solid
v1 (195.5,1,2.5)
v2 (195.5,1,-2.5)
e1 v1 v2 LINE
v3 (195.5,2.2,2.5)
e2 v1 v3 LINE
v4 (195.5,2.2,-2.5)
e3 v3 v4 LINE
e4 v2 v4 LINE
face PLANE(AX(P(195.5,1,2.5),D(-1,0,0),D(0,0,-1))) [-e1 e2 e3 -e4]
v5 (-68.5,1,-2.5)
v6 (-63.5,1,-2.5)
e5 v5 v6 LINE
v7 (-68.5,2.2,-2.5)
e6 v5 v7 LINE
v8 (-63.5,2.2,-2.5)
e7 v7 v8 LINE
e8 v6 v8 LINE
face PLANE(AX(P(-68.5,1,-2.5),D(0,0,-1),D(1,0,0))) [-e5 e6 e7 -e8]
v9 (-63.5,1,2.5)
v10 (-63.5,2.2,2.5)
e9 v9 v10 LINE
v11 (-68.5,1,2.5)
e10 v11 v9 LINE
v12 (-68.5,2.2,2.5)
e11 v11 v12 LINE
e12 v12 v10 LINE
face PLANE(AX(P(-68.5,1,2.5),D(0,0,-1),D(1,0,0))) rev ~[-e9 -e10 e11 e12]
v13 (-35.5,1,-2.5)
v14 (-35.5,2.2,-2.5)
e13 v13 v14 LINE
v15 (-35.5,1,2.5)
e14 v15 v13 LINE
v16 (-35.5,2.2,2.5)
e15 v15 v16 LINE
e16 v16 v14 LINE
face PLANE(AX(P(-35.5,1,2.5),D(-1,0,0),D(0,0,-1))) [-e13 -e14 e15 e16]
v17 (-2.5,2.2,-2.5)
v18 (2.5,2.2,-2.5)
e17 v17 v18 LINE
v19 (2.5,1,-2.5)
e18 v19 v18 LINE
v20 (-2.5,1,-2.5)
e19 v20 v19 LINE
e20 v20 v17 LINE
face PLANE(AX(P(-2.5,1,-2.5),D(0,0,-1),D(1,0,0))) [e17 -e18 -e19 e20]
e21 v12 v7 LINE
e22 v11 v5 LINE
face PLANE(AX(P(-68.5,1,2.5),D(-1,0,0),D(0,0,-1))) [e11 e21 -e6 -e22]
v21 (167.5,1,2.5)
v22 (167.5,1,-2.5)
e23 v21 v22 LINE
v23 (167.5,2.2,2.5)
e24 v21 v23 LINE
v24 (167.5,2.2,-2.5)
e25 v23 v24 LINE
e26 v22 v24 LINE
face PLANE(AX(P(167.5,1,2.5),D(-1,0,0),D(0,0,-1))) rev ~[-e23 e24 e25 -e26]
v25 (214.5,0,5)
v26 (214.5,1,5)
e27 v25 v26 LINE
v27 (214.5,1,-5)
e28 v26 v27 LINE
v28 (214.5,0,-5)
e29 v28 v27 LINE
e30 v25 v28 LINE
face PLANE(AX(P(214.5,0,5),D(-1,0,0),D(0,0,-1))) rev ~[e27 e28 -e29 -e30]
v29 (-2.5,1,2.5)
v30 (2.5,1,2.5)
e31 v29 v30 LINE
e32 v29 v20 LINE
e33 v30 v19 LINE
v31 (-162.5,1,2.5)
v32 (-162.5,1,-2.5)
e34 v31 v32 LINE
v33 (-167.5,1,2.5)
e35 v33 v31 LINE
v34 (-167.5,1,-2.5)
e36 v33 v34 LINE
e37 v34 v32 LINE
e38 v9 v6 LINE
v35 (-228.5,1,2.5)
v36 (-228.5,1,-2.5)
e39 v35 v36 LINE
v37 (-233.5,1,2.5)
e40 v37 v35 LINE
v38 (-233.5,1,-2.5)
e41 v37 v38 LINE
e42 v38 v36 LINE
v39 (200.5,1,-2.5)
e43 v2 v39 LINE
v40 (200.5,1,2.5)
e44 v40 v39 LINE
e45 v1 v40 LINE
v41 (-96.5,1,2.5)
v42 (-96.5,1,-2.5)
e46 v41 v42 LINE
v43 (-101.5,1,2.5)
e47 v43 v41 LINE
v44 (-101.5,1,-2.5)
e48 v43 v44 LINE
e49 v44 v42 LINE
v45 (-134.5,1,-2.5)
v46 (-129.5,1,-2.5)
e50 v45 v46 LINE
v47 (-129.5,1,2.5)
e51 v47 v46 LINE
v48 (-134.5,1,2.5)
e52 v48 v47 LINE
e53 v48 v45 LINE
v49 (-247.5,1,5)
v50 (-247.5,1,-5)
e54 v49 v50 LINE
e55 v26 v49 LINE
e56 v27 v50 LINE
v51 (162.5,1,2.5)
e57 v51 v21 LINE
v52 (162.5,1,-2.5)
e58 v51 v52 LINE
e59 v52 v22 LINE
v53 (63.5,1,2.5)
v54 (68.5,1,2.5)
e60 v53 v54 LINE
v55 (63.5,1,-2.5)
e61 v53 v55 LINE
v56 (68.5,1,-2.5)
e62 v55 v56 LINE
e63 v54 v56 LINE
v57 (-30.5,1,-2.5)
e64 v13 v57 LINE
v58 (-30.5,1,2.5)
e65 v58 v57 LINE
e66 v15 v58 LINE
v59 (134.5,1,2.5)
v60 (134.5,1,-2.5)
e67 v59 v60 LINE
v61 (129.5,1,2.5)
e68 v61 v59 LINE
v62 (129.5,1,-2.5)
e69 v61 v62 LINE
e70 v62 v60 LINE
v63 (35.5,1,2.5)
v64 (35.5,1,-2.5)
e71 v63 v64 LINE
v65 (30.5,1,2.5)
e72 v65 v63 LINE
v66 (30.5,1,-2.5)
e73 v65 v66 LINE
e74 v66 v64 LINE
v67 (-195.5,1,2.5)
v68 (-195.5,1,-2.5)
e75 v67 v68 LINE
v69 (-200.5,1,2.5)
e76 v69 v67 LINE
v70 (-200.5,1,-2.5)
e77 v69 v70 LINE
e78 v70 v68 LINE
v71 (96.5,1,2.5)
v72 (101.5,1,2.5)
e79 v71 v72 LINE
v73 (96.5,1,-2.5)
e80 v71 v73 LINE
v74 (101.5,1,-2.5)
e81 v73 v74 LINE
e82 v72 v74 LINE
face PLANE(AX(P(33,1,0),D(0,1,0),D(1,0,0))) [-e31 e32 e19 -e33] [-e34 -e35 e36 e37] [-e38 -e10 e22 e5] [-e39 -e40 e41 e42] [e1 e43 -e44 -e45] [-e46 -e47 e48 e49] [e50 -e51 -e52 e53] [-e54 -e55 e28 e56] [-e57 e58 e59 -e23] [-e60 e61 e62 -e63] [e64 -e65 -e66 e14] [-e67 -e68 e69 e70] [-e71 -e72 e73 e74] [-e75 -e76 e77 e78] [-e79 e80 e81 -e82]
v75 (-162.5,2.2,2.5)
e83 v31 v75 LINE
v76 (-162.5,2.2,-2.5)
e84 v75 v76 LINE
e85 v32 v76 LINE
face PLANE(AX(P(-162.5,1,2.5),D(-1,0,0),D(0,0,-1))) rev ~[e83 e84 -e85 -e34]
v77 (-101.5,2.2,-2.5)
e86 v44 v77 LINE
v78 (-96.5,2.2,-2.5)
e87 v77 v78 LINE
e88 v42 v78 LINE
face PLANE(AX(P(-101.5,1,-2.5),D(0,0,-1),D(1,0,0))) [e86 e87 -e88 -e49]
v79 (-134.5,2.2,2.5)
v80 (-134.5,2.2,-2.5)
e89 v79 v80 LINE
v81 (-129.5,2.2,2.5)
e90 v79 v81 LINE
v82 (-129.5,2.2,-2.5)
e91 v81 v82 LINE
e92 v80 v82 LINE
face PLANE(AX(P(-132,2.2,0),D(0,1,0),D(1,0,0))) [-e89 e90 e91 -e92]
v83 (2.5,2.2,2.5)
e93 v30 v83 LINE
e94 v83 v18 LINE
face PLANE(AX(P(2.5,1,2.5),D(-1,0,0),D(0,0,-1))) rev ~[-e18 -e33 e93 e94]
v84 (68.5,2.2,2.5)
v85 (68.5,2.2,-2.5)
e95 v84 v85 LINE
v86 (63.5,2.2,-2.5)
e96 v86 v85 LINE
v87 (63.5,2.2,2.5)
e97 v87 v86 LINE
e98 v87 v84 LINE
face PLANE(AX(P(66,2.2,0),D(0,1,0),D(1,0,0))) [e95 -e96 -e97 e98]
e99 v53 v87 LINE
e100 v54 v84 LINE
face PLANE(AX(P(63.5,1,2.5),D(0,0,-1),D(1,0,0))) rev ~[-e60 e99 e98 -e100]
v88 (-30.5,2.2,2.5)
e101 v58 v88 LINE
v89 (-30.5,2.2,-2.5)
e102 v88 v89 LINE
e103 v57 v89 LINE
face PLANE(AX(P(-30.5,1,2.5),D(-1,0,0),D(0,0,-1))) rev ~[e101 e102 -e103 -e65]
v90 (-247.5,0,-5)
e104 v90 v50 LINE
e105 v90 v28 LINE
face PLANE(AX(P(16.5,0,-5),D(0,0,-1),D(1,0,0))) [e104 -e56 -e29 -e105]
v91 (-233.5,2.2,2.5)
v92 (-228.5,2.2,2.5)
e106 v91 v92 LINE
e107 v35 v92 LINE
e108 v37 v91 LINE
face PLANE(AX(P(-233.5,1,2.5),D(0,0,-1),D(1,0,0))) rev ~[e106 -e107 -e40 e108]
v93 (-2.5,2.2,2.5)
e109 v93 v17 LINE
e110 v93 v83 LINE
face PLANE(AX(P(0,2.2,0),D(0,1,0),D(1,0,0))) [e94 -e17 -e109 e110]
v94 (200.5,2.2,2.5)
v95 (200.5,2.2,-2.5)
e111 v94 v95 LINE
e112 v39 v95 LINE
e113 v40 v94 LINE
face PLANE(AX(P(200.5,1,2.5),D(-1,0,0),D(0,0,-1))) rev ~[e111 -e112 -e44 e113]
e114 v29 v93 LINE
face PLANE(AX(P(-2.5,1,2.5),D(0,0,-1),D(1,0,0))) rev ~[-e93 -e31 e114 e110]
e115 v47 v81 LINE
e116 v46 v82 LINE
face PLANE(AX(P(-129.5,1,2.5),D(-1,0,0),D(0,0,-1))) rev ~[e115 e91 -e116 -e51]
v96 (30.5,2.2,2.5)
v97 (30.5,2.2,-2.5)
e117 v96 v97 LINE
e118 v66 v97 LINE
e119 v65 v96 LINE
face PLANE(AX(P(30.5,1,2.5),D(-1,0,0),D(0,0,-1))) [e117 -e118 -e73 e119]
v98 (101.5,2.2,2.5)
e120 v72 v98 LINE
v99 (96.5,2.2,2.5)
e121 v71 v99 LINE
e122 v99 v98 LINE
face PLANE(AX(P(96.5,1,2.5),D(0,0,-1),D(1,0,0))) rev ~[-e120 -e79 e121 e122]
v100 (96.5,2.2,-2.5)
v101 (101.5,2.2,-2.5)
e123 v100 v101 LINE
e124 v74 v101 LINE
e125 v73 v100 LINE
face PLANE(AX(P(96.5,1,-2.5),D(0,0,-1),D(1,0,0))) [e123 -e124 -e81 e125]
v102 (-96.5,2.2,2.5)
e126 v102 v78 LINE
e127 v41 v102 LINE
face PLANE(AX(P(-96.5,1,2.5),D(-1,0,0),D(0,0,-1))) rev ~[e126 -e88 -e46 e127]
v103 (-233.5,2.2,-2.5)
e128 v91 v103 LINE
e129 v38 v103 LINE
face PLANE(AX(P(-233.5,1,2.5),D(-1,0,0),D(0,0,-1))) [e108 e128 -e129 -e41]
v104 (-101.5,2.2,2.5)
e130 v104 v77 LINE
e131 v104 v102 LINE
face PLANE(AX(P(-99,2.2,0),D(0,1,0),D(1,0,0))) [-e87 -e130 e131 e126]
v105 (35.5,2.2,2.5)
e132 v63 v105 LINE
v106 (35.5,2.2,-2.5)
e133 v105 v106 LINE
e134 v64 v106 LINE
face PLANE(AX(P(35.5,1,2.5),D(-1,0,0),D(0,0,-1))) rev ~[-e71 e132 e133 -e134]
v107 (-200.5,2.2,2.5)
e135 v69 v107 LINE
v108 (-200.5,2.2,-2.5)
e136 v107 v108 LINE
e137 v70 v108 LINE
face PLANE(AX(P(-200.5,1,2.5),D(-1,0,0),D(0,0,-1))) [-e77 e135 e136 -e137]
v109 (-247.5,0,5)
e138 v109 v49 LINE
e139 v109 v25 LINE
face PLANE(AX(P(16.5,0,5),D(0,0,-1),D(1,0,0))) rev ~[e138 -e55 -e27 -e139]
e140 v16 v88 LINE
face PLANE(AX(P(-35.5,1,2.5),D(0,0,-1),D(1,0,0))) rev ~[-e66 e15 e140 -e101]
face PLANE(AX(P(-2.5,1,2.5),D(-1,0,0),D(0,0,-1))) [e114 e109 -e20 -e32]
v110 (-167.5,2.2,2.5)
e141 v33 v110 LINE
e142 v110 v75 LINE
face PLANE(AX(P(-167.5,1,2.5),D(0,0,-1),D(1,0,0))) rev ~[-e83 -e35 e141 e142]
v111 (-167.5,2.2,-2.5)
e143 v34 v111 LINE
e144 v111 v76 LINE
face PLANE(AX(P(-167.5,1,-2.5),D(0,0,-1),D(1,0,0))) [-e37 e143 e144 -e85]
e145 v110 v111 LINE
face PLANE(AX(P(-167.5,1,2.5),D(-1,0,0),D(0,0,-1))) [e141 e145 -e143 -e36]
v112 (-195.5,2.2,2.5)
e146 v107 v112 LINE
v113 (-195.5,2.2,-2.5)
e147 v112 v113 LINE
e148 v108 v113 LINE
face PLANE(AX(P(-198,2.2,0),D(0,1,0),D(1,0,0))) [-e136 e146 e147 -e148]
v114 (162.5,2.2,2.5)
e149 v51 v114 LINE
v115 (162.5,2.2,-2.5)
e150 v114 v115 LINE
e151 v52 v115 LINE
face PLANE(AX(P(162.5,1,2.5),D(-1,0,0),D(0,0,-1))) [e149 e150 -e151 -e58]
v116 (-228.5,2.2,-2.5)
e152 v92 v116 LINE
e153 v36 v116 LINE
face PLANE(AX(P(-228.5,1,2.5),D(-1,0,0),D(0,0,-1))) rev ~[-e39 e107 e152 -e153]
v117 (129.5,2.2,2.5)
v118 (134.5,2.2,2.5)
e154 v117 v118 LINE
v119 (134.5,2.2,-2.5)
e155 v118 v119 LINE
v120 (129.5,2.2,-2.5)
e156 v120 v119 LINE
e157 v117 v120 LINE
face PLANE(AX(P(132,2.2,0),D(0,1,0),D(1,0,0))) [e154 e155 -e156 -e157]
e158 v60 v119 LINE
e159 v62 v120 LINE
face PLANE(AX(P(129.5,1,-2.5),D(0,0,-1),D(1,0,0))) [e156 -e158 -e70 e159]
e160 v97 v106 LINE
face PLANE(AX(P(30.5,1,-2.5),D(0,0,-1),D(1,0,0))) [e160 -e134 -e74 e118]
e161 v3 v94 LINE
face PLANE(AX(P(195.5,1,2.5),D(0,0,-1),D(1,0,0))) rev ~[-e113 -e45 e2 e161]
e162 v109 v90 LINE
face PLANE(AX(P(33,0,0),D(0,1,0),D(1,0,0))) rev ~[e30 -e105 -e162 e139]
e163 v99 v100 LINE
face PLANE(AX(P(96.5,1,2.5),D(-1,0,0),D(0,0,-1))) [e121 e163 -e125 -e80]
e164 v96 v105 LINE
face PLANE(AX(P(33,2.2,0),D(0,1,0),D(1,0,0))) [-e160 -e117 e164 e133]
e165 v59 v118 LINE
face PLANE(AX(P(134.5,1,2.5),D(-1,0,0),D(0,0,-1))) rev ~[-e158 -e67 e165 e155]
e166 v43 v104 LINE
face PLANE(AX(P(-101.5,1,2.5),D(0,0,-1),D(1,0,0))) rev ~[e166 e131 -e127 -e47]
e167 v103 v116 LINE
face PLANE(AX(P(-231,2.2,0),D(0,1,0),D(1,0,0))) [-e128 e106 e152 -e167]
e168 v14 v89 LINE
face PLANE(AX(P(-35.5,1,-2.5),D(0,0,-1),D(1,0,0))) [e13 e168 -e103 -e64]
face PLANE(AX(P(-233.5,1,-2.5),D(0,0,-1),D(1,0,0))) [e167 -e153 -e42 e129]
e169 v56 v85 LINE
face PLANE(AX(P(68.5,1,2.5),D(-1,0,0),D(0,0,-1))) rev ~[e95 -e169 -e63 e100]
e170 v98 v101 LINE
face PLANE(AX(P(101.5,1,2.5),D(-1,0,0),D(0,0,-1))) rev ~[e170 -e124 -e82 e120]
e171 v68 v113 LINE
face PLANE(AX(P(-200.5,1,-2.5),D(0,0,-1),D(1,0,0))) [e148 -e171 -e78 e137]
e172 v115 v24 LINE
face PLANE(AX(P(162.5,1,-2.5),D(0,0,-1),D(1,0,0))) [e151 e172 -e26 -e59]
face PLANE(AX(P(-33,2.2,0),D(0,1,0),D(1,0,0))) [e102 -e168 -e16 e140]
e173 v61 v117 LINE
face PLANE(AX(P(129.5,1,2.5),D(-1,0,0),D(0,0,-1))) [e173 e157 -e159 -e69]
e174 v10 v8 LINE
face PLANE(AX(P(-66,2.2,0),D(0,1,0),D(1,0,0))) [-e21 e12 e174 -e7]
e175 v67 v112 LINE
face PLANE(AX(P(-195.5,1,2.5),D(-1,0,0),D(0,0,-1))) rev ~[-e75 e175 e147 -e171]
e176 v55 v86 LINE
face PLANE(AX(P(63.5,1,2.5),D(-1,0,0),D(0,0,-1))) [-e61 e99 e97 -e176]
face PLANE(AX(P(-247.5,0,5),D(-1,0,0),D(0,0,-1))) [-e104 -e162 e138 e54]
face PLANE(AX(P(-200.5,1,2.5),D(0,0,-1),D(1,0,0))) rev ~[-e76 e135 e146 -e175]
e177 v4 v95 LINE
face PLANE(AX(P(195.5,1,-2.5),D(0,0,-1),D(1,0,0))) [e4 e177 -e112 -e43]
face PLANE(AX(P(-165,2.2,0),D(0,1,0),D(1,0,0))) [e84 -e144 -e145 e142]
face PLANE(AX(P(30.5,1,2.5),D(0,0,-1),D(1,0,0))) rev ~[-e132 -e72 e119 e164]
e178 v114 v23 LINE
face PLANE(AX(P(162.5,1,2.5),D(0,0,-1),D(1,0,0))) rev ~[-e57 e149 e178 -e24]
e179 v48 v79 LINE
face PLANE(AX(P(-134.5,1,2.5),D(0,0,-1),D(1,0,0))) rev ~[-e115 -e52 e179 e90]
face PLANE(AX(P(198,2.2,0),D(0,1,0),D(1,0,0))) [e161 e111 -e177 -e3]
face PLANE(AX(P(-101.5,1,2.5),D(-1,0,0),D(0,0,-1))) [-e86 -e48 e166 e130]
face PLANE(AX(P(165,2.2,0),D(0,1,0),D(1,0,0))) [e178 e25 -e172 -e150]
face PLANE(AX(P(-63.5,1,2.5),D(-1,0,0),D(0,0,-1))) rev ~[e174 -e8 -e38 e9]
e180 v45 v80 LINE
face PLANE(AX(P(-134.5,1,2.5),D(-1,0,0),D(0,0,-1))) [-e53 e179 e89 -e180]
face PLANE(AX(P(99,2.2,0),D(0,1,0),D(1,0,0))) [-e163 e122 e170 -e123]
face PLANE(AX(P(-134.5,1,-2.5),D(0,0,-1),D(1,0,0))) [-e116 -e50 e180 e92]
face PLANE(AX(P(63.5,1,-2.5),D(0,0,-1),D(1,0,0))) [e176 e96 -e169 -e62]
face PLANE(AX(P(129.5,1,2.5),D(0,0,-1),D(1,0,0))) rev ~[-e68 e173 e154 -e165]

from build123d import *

# Parameters (mm, degrees)
SKETCH1_W           = 33
SKETCH1_H           = 10
BOSS_EXTRUDE1_DEPTH = 1
SKETCH3_W           = 5
SKETCH3_H           = 5
BOSS_EXTRUDE2_DEPTH = 1.2
LPATTERN1_COUNT     = 8
LPATTERN1_PITCH     = 33
LPATTERN1_COL_COUNT = 7
LPATTERN1_COL_PITCH = 33


with BuildPart() as part:
    # Sketch1 → Boss-Extrude1 (new body)
    with BuildSketch(Plane(origin=(0, 0, 0), x_dir=(1, 0, 0), z_dir=(0, 1, 0))):
        Rectangle(SKETCH1_W, SKETCH1_H)
    boss_extrude1 = extrude(amount=BOSS_EXTRUDE1_DEPTH)

    # Sketch3 → Boss-Extrude2 (add)
    with BuildSketch(Plane(origin=(0, 1, 0), x_dir=(1, 0, 0), z_dir=(0, 1, 0))):
        Rectangle(SKETCH3_W, SKETCH3_H)
    boss_extrude2 = extrude(amount=BOSS_EXTRUDE2_DEPTH)

    # LPattern1: Boss-Extrude1, Boss-Extrude2 ×8
    with Locations(*[(-i * LPATTERN1_PITCH, 0, 0) for i in range(1, LPATTERN1_COUNT)]):
        add(boss_extrude1)
        add(boss_extrude2)

    # LPattern1 col: Boss-Extrude1, Boss-Extrude2 ×7
    with Locations(*[(i * LPATTERN1_COL_PITCH, 0, 0) for i in range(1, LPATTERN1_COL_COUNT)]):
        add(boss_extrude1)
        add(boss_extrude2)


solid = part.part
